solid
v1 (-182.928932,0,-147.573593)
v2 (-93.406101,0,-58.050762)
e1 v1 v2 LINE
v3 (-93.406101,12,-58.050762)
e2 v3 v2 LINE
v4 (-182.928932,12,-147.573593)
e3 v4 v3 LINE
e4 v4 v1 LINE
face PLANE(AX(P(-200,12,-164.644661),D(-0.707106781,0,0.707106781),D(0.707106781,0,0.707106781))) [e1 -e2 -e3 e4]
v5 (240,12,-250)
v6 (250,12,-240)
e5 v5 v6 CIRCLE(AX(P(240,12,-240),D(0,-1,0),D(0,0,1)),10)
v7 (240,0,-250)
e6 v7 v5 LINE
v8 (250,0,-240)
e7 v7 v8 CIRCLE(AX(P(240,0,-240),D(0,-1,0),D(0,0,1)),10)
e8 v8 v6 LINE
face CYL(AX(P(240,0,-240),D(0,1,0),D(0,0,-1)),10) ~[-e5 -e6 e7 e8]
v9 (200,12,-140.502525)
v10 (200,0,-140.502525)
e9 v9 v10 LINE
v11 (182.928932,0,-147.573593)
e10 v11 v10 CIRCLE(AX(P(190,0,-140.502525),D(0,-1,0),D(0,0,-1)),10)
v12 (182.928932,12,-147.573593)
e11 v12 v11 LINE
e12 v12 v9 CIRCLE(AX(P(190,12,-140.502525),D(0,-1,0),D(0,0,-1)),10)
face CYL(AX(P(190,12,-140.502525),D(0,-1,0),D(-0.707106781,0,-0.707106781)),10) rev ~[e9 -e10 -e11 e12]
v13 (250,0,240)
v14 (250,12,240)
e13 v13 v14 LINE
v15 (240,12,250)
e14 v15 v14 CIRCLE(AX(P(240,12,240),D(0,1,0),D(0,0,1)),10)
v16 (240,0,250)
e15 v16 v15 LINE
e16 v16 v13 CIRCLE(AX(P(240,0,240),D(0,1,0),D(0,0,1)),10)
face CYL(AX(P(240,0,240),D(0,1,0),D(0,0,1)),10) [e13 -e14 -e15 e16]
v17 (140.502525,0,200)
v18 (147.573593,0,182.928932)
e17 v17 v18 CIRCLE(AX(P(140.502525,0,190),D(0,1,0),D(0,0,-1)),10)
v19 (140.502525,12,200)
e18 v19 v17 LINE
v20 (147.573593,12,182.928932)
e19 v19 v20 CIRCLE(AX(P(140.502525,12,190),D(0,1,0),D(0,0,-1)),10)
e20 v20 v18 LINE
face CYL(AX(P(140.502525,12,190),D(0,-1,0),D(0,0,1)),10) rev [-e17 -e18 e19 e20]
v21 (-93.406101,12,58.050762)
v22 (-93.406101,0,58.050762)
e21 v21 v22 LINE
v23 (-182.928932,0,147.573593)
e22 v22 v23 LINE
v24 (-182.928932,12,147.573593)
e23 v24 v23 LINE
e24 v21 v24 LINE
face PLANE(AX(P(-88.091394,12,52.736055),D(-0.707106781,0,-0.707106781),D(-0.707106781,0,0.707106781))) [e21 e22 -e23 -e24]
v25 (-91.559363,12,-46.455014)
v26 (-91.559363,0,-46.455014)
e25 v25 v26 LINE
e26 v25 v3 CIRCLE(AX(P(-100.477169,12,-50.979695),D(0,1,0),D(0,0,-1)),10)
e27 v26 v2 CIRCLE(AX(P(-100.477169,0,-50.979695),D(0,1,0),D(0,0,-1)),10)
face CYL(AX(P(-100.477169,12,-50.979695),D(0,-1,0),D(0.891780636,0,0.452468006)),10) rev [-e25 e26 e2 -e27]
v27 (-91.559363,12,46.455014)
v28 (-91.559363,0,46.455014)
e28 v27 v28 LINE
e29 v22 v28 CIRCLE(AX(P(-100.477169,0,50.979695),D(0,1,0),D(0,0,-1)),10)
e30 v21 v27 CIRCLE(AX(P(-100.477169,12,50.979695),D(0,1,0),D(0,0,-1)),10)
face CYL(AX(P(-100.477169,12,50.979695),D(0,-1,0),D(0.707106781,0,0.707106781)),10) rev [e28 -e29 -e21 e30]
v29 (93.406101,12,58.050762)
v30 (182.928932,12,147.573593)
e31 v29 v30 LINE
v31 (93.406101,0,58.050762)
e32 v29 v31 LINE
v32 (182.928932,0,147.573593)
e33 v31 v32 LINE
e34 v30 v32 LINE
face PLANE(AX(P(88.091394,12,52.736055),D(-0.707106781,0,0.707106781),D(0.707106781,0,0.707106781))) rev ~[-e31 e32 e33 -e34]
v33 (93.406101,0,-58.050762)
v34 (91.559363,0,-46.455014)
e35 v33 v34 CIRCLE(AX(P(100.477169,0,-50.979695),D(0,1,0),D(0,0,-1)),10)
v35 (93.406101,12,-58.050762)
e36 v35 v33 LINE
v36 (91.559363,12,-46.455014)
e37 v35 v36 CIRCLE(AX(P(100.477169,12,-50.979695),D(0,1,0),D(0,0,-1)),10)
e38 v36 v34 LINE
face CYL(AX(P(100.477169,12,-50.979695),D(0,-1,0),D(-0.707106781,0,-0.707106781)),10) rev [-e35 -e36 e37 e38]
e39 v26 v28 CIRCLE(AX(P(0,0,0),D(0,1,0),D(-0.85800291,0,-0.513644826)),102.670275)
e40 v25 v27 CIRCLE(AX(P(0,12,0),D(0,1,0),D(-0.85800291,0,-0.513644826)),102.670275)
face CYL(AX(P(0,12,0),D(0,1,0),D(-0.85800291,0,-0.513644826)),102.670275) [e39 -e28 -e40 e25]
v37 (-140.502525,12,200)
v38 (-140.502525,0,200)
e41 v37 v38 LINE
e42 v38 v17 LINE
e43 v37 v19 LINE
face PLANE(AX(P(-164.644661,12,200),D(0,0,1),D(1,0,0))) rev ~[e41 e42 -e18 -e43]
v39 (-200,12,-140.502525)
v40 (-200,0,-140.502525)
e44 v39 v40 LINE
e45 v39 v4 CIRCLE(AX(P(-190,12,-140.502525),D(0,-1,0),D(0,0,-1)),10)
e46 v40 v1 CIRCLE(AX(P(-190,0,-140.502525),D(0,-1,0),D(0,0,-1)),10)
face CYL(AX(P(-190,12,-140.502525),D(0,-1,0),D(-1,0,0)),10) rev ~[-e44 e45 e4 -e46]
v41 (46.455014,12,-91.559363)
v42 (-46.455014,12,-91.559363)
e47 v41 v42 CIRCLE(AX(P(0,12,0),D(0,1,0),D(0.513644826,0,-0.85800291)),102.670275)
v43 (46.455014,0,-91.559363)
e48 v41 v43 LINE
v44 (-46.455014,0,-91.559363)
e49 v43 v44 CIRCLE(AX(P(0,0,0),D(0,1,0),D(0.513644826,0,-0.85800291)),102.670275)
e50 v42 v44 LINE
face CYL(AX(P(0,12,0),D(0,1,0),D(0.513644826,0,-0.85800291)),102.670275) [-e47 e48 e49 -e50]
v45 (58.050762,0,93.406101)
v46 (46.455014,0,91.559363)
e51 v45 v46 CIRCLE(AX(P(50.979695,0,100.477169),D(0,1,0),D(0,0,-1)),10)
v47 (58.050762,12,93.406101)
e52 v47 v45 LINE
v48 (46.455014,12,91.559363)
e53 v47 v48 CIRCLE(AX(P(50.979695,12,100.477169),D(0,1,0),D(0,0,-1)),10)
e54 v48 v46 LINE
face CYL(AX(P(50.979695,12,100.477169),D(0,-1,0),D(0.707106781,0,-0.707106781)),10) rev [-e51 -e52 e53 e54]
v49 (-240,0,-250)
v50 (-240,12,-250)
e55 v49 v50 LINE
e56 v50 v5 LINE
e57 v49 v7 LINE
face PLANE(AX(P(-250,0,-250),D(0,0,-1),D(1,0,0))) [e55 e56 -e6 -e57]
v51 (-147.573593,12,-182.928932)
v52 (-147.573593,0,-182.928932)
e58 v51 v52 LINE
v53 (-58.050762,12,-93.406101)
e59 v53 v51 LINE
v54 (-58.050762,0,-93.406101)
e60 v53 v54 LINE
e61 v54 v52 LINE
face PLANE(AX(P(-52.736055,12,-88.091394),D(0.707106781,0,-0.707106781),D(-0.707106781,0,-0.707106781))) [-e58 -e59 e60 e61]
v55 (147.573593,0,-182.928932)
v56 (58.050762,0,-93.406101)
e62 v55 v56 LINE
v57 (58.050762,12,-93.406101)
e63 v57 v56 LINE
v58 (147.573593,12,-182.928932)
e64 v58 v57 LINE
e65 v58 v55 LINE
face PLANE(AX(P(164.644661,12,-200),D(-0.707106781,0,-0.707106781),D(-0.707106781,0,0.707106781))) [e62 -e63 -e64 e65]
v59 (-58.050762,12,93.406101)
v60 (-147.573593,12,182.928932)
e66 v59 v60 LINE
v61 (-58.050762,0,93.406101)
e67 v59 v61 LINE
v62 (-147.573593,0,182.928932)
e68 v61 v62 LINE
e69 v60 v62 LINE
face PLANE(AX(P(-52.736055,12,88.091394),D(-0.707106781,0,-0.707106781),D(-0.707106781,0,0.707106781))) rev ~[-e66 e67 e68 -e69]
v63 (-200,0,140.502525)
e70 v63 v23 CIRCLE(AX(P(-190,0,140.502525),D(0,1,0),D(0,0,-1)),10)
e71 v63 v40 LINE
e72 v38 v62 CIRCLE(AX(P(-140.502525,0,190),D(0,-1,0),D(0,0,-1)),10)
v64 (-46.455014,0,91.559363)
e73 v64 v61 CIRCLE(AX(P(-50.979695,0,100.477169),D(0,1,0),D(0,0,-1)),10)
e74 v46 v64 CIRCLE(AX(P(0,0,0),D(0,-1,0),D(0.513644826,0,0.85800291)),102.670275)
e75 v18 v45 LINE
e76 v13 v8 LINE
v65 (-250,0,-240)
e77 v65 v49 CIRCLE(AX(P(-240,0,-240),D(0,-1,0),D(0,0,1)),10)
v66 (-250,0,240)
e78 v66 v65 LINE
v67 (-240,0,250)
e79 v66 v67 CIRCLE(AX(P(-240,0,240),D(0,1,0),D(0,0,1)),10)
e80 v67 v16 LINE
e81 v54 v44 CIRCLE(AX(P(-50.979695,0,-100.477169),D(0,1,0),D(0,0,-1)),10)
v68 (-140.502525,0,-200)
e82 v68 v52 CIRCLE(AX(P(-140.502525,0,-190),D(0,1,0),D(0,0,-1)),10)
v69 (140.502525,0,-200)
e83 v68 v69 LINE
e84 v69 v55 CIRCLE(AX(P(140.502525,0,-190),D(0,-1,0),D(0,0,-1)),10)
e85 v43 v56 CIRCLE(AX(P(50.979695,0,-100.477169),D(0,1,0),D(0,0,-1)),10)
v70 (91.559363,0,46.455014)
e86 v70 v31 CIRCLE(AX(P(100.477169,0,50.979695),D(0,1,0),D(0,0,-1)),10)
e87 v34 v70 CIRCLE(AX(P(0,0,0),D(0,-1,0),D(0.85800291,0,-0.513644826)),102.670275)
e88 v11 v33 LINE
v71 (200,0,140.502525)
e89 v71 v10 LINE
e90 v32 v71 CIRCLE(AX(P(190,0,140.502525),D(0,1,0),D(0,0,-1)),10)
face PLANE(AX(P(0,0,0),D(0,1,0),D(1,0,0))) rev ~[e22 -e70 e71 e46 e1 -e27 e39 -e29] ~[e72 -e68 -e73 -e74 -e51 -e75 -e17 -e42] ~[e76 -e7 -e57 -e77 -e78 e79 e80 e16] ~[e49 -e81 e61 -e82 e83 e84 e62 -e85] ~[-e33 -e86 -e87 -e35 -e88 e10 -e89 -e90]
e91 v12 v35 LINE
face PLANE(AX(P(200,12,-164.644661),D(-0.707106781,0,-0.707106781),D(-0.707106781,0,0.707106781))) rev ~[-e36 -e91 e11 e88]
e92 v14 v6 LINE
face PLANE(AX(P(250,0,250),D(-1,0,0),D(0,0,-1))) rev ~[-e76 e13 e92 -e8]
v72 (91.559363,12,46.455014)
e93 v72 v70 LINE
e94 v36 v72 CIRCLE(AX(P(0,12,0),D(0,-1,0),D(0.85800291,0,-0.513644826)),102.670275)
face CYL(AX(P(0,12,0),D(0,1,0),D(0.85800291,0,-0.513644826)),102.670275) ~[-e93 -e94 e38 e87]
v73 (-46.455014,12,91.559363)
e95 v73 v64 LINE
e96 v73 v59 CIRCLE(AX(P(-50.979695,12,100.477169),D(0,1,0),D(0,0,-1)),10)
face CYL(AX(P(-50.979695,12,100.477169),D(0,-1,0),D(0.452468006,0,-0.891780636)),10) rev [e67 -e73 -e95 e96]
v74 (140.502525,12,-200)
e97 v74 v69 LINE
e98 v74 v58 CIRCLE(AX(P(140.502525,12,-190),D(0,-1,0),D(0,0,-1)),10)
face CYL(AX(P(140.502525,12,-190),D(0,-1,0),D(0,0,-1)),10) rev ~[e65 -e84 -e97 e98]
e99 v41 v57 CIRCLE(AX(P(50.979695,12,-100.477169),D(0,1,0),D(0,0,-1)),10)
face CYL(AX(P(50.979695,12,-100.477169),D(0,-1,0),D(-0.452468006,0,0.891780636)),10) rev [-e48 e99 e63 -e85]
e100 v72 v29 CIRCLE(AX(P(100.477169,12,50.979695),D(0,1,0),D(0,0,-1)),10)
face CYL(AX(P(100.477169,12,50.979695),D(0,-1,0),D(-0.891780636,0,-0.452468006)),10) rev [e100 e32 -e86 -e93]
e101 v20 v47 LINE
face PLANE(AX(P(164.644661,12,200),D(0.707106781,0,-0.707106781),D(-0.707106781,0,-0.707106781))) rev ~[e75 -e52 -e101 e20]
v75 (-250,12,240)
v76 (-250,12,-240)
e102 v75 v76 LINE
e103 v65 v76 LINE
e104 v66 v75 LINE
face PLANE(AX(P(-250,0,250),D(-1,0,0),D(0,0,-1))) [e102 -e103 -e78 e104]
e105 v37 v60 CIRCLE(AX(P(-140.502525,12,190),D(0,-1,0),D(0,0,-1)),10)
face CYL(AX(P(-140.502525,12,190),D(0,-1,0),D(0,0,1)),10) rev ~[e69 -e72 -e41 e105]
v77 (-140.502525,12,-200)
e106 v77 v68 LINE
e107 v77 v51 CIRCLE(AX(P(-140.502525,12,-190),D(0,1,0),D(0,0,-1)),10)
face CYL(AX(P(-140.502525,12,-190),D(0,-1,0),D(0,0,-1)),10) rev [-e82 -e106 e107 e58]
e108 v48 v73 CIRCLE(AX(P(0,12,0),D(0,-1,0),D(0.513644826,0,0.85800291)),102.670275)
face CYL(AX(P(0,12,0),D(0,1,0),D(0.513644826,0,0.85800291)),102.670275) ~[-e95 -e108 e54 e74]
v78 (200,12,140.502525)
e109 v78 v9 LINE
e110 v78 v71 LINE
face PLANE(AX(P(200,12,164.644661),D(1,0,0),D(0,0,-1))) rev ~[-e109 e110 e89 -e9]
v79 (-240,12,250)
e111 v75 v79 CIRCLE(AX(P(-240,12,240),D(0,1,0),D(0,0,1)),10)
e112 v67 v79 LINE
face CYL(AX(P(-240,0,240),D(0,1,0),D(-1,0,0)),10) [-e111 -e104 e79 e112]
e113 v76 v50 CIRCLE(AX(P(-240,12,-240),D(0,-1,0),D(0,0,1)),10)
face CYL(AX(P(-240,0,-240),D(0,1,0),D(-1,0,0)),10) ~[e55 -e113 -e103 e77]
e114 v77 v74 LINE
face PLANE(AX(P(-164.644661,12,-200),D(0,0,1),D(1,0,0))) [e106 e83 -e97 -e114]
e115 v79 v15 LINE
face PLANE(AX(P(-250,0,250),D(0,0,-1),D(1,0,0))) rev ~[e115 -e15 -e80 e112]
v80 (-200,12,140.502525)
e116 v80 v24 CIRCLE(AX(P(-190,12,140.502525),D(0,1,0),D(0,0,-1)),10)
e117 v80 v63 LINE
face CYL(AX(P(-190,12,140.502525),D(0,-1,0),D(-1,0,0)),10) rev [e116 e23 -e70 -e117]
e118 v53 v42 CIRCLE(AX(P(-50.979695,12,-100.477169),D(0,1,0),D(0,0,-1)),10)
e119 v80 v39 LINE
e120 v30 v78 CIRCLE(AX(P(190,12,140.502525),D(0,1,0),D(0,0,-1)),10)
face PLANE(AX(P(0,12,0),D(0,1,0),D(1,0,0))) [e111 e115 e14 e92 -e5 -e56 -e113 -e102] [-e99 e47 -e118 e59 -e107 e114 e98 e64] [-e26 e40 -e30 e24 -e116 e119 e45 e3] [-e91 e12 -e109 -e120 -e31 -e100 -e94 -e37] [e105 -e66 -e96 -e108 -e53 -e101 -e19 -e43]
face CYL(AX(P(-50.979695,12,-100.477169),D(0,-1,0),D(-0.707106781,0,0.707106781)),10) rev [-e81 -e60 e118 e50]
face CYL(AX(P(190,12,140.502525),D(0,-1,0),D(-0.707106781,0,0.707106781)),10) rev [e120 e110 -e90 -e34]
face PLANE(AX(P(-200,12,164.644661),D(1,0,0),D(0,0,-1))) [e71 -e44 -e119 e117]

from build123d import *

# Parameters (mm, degrees)
SKETCH1_W           = 500
SKETCH1_H           = 500
BOSS_EXTRUDE1_DEPTH = 12
CUT_EXTRUDE1_DEPTH  = 12
FILLET1_R           = 10


with BuildPart() as part:
    # Sketch1 → Boss-Extrude1 (new body)
    with BuildSketch(Plane(origin=(0, 0, 0), x_dir=(1, 0, 0), z_dir=(0, 1, 0))):
        Rectangle(SKETCH1_W, SKETCH1_H)
    extrude(amount=BOSS_EXTRUDE1_DEPTH)

    # Sketch2 → Cut-Extrude1 (cut)
    with BuildSketch(Plane(origin=(0, 12, 0), x_dir=(1, 0, 0), z_dir=(0, 1, 0))):
        with BuildLine():
            Line((-200, 164.644660941), (-88.091394352, 52.736055293))
            ThreePointArc((-88.091394352, 52.736055293), (-102.670274602, 0), (-88.091394352, -52.736055293))
            Line((-88.091394352, -52.736055293), (-200, -164.644660941))
            Line((-200, -164.644660941), (-200, 164.644660941))
        make_face()
        with BuildLine():
            Line((164.644660941, 200), (52.736055293, 88.091394352))
            ThreePointArc((52.736055293, 88.091394352), (0, 102.670274602), (-52.736055293, 88.091394352))
            Line((-52.736055293, 88.091394352), (-164.644660941, 200))
            Line((-164.644660941, 200), (164.644660941, 200))
        make_face()
        with BuildLine():
            Line((200, 164.644660941), (88.091394352, 52.736055293))
            ThreePointArc((88.091394352, 52.736055293), (102.670274602, 0), (88.091394352, -52.736055293))
            Line((88.091394352, -52.736055293), (200, -164.644660941))
            Line((200, -164.644660941), (200, 164.644660941))
        make_face()
        with BuildLine():
            Line((-164.644660941, -200), (164.644660941, -200))
            Line((164.644660941, -200), (52.736055293, -88.091394352))
            ThreePointArc((52.736055293, -88.091394352), (0, -102.670274602), (-52.736055293, -88.091394352))
            Line((-52.736055293, -88.091394352), (-164.644660941, -200))
        make_face()
    extrude(amount=-CUT_EXTRUDE1_DEPTH, mode=Mode.SUBTRACT)

    # Fillet1
    fillet1_edges = [part.edges().sort_by_distance(p)[0] for p in [
        (-200, 6, 164.644660941),
        (-200, 6, -164.644660941),
        (-88.091394352, 6, -52.736055293),
        (-88.091394352, 6, 52.736055293),
        (-164.644660941, 6, -200),
        (164.644660941, 6, -200),
        (52.736055293, 6, -88.091394352),
        (-52.736055293, 6, -88.091394352),
        (52.736055293, 6, 88.091394352),
        (164.644660941, 6, 200),
        (-164.644660941, 6, 200),
        (-52.736055293, 6, 88.091394352),
        (88.091394352, 6, 52.736055293),
        (88.091394352, 6, -52.736055293),
        (200, 6, -164.644660941),
        (200, 6, 164.644660941),
        (-250, 6, -250),
        (250, 6, -250),
        (250, 6, 250),
        (-250, 6, 250),
    ]]
    fillet(fillet1_edges, radius=FILLET1_R)


solid = part.part
